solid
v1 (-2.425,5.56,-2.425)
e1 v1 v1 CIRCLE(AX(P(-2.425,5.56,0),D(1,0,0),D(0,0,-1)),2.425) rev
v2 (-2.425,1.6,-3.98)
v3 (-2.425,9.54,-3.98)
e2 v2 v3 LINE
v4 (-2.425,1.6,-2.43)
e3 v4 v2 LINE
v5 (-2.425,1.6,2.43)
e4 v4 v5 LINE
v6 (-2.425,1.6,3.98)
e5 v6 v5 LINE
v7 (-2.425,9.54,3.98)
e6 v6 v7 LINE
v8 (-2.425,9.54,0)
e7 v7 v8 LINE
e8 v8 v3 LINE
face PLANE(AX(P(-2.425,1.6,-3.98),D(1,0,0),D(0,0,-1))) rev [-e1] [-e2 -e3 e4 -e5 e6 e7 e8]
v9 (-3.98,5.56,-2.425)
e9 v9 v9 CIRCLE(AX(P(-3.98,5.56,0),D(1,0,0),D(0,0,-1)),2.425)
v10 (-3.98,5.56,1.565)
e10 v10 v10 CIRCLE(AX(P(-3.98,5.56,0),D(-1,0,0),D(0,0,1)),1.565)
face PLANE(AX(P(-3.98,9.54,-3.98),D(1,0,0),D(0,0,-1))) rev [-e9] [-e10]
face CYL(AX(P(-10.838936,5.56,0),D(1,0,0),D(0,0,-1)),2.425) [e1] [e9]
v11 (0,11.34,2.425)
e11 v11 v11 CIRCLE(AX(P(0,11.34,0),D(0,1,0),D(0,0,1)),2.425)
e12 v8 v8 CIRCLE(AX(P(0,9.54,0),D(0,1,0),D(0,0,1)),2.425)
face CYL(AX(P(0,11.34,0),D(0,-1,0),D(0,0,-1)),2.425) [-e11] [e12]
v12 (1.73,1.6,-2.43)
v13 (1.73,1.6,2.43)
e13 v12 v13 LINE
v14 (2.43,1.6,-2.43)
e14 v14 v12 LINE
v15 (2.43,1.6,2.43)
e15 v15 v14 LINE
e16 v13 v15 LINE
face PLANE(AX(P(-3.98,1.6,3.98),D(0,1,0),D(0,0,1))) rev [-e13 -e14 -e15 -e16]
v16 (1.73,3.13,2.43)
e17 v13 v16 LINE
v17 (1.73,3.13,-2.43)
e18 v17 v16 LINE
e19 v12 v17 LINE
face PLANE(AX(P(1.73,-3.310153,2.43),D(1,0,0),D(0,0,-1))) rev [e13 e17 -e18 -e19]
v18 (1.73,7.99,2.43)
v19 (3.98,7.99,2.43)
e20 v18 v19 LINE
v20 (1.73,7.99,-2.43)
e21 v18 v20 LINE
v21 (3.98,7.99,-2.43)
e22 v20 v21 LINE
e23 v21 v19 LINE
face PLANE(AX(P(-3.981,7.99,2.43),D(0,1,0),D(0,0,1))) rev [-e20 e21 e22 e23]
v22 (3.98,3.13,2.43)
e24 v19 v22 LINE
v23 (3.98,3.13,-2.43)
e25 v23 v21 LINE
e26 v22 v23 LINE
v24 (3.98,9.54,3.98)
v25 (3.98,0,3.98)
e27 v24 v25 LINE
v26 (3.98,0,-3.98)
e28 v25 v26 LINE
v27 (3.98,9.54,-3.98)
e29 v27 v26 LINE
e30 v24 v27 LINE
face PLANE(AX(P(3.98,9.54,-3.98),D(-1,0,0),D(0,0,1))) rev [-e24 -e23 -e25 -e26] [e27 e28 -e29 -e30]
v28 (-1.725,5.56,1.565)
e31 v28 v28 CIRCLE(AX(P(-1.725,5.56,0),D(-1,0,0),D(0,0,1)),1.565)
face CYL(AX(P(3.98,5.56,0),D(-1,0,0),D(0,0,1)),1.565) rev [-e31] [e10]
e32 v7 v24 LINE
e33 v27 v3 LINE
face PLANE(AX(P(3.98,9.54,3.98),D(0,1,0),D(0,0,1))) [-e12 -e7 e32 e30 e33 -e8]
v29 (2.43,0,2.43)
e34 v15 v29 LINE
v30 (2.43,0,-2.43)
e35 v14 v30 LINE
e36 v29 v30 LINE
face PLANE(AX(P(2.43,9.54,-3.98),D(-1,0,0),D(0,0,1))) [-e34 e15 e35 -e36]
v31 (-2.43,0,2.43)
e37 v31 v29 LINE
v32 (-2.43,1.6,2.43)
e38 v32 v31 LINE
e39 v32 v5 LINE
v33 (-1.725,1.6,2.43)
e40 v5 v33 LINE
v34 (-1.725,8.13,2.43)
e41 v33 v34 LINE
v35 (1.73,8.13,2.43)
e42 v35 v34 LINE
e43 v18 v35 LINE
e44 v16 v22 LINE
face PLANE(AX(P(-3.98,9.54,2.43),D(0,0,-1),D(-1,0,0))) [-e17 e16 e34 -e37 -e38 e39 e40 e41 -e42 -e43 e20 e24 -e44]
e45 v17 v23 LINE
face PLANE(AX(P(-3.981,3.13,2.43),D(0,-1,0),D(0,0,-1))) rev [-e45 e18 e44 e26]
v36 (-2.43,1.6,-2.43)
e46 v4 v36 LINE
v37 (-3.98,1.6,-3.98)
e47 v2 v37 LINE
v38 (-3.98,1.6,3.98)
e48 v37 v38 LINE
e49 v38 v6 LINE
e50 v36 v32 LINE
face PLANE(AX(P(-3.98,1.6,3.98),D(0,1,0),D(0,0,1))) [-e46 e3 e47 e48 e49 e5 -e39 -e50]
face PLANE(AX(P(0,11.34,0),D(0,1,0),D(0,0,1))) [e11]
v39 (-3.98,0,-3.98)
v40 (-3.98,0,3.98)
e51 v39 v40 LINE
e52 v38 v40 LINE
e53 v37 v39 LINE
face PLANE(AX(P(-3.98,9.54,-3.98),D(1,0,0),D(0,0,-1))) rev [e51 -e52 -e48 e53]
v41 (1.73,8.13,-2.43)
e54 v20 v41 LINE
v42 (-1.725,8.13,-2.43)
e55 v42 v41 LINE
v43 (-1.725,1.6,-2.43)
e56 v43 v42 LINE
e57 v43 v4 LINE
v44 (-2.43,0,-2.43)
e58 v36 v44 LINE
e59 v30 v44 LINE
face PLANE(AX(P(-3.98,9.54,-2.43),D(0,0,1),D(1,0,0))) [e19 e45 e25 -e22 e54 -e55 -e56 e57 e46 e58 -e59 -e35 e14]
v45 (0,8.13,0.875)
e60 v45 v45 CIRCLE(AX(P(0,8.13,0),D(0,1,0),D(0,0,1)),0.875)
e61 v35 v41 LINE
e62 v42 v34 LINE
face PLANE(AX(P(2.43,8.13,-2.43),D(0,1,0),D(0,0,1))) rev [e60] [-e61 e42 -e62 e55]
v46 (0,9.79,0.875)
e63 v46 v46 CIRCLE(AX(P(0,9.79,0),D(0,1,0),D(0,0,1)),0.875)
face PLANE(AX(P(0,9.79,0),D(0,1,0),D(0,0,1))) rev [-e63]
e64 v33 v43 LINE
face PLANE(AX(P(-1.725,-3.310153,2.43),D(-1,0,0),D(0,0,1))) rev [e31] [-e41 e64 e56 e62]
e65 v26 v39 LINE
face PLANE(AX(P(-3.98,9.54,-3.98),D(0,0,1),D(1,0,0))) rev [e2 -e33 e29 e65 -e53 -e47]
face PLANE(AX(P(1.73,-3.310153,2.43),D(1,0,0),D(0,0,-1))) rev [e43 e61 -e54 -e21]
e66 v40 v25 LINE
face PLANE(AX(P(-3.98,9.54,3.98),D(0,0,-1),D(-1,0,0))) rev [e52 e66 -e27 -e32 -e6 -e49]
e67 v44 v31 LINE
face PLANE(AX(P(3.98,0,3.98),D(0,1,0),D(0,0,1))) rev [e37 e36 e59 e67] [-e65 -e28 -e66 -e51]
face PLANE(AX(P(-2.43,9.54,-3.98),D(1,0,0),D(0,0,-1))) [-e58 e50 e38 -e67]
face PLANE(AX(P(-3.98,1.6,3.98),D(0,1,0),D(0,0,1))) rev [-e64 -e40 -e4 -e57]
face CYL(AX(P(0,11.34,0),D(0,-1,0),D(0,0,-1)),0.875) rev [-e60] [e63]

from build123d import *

# Parameters (mm, degrees)
SKETCH1_W      = 7.96
SKETCH1_H      = 7.96
EXTRUDE1_DEPTH = 9.54
SKETCH2_R      = 2.425
EXTRUDE2_DEPTH = 1.8
SHELL1_T       = -1.55
SKETCH3_W      = 4.86
SKETCH3_H      = 4.86
EXTRUDE3_DEPTH = 0.14
SKETCH5_W      = 1.555
SKETCH5_H      = 7.96
EXTRUDE5_DEPTH = 7.94
SKETCH7_W      = 0.7
SKETCH7_H      = 4.86
EXTRUDE6_DEPTH = 6.53
EXTRUDE7_REACH = 9.96
SKETCH4_W      = 4.86
SKETCH4_H      = 4.86
SKETCH8_R      = 2.425
EXTRUDE8_DEPTH = 1.555
SKETCH9_R      = 1.565
EXTRUDE9_DEPTH = 8.96


with BuildPart() as part:
    # Sketch1 → Extrude1 (new body)
    with BuildSketch(Plane(origin=(0, 0, 0), x_dir=(1, 0, 0), z_dir=(0, 1, 0))):
        Rectangle(SKETCH1_W, SKETCH1_H)
    extrude(amount=EXTRUDE1_DEPTH)

    # Sketch2 → Extrude2 (add)
    with BuildSketch(Plane(origin=(0, 9.54, 0), x_dir=(1, 0, 0), z_dir=(0, 1, 0))):
        Circle(SKETCH2_R)
    extrude(amount=EXTRUDE2_DEPTH)

    # Shell1
    shell1_openings = [part.faces().sort_by_distance(p)[0] for p in [
        (0, 0, 0),
    ]]
    offset(amount=SHELL1_T, openings=shell1_openings, kind=Kind.INTERSECTION)

    # Sketch3 → Extrude3 (cut)
    with BuildSketch(Plane.XZ.offset(-7.99)):
        Rectangle(SKETCH3_W, SKETCH3_H)
    extrude(amount=-EXTRUDE3_DEPTH, mode=Mode.SUBTRACT)

    # Sketch5 → Extrude5 (cut)
    with BuildSketch(Plane(origin=(0, 9.54, 0), x_dir=(1, 0, 0), z_dir=(0, 1, 0))):
        with Locations((-3.2025, 0)):
            Rectangle(SKETCH5_W, SKETCH5_H)
    extrude(amount=-EXTRUDE5_DEPTH, mode=Mode.SUBTRACT)

    # Sketch7 → Extrude6 (add)
    with BuildSketch(Plane.XZ.offset(-8.13)):
        with Locations((-2.075, 0)):
            Rectangle(SKETCH7_W, SKETCH7_H)
        with Locations((2.08, 0)):
            Rectangle(SKETCH7_W, SKETCH7_H)
    extrude(amount=EXTRUDE6_DEPTH)

    # Sketch4 → Extrude7 (cut, up to next)
    with BuildSketch(Plane(origin=(3.98, 0, 0), x_dir=(0, 0, -1), z_dir=(1, 0, 0)), mode=Mode.PRIVATE) as extrude7_sk1:
        with Locations((0, 5.56)):
            Rectangle(SKETCH4_W, SKETCH4_H)
    extrude7_tool1 = extrude(extrude7_sk1.sketch, amount=-EXTRUDE7_REACH, mode=Mode.PRIVATE) & part.part
    add(extrude7_tool1.solids().sort_by_distance((3.98, 5.56, 0))[0], mode=Mode.SUBTRACT)

    # Sketch8 → Extrude8 (add)
    with BuildSketch(Plane.ZY.offset(2.425)):
        with Locations((0, 5.56)):
            Circle(SKETCH8_R)
    extrude(amount=EXTRUDE8_DEPTH)

    # Sketch9 → Extrude9 (cut, through all)
    with BuildSketch(Plane.ZY.offset(3.98)):
        with Locations((0, 5.56)):
            Circle(SKETCH9_R)
    extrude(amount=-EXTRUDE9_DEPTH, mode=Mode.SUBTRACT)


solid = part.part
